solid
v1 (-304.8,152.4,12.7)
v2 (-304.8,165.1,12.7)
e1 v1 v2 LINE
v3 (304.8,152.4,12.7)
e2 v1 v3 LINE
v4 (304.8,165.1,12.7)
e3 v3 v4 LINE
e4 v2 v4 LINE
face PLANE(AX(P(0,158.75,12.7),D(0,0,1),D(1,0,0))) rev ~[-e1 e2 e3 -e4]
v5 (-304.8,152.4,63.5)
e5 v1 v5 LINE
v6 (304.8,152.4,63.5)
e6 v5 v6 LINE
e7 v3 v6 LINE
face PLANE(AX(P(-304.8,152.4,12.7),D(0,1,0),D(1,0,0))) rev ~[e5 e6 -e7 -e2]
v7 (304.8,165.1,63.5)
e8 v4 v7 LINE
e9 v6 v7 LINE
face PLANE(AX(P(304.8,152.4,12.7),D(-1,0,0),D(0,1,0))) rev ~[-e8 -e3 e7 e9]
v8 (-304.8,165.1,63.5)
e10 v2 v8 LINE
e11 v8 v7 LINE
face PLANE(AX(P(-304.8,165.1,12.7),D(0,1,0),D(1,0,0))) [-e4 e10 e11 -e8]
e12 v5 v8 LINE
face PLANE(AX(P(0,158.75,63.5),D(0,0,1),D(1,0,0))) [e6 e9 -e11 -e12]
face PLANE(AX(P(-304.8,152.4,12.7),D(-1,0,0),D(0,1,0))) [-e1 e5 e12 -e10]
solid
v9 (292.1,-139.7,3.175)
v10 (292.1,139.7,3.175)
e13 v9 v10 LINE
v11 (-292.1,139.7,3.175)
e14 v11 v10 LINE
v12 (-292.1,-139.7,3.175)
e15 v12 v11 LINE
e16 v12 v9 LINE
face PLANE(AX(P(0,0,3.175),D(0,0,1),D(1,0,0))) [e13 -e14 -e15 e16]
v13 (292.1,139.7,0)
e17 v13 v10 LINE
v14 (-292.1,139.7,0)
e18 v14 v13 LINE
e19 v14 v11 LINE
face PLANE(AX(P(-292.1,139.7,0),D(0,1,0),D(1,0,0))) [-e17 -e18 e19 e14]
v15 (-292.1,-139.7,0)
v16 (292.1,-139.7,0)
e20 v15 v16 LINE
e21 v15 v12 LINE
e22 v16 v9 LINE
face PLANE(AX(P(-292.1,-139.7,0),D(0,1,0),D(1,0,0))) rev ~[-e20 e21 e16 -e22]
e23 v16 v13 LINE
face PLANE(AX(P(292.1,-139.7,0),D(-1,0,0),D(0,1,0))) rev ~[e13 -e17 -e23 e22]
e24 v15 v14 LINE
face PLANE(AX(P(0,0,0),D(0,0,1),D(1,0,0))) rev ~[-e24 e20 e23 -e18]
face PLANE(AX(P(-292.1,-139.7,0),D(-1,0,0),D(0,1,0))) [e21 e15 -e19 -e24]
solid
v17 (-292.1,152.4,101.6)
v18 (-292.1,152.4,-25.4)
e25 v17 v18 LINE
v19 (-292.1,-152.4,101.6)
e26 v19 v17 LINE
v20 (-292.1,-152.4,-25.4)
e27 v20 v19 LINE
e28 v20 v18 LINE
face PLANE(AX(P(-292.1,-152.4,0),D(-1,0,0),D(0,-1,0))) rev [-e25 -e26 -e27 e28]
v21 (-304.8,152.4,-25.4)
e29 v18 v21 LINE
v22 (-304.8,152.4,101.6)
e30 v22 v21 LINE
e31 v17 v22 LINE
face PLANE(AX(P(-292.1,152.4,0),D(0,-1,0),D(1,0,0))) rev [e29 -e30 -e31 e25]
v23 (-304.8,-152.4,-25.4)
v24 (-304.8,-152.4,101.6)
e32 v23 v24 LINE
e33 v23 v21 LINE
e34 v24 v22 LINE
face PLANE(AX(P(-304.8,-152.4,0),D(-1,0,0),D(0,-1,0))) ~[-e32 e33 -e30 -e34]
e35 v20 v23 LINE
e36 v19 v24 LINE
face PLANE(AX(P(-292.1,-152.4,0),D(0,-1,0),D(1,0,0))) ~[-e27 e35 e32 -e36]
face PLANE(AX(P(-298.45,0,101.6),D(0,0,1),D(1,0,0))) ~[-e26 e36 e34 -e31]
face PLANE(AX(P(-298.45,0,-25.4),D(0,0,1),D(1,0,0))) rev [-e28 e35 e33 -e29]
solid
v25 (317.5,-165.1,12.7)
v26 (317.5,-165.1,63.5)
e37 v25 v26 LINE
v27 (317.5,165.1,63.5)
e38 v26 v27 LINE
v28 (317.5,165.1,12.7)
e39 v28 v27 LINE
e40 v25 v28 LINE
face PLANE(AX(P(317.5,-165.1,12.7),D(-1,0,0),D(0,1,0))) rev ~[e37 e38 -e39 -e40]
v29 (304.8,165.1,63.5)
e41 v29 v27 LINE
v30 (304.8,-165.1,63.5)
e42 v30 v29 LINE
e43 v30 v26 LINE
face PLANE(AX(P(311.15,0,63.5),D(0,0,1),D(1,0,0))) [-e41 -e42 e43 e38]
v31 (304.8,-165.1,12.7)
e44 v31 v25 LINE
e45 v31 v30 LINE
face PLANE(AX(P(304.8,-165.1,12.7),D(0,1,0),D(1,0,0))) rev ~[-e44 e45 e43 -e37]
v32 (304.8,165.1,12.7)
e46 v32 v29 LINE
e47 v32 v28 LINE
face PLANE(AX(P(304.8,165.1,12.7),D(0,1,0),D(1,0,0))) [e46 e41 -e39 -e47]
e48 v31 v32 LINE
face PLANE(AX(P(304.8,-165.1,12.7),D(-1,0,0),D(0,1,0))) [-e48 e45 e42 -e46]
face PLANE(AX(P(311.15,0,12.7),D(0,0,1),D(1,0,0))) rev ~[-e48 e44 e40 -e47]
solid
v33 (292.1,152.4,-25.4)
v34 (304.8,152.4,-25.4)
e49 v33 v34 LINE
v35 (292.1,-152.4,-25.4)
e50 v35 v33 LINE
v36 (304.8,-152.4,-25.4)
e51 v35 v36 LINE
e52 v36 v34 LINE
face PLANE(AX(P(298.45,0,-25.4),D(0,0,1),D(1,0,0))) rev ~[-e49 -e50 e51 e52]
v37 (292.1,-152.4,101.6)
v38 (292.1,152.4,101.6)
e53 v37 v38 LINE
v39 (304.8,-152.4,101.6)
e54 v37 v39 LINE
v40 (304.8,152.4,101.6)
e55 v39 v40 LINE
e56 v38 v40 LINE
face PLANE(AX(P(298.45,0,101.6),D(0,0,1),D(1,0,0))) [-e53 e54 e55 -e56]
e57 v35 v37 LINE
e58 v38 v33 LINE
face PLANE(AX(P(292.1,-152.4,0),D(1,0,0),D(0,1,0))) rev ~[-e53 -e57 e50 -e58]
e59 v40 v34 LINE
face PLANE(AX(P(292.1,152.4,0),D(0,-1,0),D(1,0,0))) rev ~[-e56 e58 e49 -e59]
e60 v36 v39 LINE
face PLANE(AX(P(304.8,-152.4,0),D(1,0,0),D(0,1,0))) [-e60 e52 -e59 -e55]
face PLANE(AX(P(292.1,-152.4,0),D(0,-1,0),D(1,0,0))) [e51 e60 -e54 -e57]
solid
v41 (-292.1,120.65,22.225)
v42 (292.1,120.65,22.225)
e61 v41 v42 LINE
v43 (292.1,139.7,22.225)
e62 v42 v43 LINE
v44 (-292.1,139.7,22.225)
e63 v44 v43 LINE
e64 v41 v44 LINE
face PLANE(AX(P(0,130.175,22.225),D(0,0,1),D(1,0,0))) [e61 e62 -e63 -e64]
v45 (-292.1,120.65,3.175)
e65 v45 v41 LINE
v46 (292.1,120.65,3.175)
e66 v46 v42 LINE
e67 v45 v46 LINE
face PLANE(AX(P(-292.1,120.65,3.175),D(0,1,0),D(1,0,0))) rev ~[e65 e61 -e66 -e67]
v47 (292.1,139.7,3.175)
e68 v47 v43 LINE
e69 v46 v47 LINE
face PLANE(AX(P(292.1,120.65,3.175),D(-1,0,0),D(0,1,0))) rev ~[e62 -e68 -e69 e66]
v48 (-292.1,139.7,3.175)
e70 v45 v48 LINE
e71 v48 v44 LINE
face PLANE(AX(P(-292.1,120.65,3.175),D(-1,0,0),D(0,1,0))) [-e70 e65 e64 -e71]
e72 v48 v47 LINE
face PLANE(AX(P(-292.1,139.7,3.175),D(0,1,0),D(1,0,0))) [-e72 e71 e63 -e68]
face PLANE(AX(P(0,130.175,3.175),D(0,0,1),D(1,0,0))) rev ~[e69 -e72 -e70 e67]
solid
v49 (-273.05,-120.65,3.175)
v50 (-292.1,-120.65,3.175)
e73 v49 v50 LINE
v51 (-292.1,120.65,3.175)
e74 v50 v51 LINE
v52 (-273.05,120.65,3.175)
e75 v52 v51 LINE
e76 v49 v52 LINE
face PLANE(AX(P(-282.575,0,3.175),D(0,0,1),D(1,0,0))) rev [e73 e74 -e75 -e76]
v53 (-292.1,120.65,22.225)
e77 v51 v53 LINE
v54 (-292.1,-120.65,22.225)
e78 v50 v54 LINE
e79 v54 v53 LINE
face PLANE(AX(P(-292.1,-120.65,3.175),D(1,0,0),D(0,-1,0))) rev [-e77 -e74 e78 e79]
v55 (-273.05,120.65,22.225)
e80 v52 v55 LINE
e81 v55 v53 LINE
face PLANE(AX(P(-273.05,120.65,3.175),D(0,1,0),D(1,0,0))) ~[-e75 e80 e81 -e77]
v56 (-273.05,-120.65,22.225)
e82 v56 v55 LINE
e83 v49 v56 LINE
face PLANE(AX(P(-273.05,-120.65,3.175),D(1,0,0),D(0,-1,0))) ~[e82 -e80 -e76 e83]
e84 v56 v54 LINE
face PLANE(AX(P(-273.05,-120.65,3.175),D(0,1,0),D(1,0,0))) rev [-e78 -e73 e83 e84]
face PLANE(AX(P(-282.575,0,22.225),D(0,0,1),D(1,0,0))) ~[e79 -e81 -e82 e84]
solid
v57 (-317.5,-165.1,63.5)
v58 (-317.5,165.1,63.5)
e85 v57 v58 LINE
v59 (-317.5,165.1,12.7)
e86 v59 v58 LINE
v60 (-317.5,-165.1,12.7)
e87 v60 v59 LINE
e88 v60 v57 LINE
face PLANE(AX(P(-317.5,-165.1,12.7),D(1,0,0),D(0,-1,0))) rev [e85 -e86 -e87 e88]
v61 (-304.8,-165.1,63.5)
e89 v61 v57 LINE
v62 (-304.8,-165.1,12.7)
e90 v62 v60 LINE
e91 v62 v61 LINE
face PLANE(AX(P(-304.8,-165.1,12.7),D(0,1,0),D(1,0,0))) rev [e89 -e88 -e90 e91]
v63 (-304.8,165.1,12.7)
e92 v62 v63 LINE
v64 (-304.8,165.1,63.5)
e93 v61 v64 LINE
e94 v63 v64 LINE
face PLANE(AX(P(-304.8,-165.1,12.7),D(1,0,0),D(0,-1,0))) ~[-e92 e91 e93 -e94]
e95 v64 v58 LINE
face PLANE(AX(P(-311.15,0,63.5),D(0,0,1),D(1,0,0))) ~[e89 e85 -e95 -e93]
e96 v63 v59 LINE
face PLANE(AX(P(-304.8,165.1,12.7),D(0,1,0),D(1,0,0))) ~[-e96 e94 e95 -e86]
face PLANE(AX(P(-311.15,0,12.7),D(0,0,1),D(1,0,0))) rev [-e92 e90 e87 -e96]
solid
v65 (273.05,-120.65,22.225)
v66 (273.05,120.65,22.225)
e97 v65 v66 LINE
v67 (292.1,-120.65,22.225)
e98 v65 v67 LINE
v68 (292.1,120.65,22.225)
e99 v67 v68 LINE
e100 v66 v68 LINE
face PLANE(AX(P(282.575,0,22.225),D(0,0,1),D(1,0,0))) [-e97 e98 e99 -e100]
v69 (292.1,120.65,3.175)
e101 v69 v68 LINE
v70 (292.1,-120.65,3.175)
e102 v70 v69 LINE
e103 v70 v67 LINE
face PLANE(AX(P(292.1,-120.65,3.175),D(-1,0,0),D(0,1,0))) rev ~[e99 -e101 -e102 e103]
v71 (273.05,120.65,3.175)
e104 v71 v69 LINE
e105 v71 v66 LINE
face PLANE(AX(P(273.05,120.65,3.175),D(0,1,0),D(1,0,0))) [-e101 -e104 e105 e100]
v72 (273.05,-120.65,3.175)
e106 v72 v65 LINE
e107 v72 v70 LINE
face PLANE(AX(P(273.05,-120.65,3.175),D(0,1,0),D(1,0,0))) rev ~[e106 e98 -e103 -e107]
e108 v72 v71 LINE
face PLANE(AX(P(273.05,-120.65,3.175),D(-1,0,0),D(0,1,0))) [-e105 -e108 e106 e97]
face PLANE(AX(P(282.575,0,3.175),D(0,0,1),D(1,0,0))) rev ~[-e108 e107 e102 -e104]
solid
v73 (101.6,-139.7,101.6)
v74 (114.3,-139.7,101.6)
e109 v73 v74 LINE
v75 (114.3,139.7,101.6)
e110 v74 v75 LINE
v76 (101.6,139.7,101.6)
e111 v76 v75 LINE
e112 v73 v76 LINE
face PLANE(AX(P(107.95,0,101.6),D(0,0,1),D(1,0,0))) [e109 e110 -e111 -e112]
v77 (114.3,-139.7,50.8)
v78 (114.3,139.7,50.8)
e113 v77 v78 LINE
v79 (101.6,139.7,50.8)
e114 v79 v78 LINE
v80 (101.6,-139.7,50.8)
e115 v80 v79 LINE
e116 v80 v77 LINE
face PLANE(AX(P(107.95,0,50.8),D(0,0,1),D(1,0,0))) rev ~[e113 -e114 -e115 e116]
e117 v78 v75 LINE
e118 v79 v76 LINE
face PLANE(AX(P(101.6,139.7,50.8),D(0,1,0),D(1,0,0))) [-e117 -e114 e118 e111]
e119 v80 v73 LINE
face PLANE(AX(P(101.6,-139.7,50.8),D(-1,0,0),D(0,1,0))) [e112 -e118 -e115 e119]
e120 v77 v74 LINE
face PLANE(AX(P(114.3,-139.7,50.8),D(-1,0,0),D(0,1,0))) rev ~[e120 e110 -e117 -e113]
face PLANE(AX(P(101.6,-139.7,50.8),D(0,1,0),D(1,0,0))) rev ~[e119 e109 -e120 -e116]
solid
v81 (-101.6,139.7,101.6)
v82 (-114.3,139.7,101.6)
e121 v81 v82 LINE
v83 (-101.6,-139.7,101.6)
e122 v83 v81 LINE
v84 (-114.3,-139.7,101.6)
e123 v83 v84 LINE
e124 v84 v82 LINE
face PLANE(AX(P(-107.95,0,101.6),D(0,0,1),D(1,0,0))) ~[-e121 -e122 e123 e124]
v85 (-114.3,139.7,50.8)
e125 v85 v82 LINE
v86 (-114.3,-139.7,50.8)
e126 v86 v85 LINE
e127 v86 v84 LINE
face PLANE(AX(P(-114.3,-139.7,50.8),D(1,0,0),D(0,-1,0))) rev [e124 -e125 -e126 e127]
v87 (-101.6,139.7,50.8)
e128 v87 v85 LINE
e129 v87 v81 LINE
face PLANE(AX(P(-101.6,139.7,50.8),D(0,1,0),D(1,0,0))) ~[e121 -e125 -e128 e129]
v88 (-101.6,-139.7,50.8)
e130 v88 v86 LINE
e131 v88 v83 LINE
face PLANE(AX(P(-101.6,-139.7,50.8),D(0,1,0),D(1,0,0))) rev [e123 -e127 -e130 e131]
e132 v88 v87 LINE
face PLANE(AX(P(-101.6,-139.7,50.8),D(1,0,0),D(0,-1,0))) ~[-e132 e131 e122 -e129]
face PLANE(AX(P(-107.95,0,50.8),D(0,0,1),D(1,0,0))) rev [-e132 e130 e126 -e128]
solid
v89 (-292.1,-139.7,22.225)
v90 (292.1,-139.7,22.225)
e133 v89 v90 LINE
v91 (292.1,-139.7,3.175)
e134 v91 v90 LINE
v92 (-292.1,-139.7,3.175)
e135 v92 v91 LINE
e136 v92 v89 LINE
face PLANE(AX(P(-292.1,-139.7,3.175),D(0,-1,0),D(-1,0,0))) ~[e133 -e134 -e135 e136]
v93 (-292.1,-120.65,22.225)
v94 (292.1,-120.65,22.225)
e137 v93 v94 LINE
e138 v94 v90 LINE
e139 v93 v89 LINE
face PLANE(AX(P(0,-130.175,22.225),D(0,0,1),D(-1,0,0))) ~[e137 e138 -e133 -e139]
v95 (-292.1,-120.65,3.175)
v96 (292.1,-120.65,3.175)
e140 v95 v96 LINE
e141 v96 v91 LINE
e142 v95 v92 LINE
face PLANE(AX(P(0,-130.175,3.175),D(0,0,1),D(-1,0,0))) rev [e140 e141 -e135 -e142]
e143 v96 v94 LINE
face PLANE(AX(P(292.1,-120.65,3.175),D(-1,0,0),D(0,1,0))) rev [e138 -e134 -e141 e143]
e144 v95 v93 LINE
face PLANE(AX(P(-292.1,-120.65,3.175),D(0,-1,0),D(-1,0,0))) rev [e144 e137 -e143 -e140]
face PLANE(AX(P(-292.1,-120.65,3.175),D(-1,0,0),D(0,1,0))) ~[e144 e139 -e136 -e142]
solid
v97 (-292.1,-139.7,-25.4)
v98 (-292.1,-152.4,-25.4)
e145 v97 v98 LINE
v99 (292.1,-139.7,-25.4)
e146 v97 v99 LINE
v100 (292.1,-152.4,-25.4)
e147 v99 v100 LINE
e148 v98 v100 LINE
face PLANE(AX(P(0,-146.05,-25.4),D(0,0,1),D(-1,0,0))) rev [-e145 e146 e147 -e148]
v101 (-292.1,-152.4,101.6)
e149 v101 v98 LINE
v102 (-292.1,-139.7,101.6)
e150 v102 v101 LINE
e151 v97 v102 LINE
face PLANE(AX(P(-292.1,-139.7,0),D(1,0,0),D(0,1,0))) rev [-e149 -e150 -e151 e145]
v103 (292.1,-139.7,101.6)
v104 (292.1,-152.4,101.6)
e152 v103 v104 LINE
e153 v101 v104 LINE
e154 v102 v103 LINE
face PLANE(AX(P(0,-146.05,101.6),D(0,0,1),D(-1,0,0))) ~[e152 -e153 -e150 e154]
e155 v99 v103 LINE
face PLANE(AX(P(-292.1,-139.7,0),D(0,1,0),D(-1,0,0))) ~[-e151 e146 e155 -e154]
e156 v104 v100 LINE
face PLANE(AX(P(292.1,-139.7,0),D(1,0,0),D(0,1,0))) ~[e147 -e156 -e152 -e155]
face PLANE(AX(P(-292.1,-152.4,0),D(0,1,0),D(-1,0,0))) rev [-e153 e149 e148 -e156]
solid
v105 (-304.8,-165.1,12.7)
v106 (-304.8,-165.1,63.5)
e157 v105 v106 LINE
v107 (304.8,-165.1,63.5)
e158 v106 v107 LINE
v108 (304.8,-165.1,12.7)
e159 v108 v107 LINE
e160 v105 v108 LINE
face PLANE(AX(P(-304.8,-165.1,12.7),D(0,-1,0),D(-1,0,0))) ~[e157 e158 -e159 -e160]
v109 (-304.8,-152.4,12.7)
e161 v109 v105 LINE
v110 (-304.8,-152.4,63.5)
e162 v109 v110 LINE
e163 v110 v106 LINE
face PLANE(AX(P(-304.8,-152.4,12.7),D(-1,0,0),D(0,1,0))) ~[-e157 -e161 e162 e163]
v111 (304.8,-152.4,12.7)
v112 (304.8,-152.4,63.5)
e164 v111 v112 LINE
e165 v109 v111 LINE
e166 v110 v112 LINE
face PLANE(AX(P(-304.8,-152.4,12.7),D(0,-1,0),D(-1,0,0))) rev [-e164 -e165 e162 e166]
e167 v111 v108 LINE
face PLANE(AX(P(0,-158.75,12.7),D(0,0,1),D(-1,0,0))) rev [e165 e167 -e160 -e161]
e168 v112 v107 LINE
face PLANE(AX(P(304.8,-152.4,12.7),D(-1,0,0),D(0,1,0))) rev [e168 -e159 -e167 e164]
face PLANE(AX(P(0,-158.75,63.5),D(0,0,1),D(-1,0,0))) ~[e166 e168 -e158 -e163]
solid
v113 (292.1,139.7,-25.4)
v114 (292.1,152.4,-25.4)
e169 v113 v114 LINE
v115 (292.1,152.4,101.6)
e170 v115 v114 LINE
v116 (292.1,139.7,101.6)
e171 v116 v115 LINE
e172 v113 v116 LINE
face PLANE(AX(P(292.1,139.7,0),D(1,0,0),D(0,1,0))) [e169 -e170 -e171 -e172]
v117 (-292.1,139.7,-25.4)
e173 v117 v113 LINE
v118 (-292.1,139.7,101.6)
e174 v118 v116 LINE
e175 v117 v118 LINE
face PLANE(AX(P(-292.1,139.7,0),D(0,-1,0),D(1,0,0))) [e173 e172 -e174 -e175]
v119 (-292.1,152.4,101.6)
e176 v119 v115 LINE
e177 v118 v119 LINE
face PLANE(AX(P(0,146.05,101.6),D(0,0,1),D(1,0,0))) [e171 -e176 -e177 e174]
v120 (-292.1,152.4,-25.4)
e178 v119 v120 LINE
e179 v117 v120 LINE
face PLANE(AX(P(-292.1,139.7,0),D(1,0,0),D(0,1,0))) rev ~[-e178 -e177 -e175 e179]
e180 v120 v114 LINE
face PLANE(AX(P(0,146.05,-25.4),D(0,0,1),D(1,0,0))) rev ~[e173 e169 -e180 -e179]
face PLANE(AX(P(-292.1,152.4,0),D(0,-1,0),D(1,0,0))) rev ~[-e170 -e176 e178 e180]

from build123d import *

# Parameters (mm, degrees)
F0_W          = 584.2
F0_H          = 279.4
F1_DEPTH      = 3.175
F2_W          = 584.2
F2_H          = 12.7
F3_DEPTH      = 101.6
F3_DEPTH_BACK = 25.4
F5_W          = 12.7
F5_H          = 304.8
F6_DEPTH      = 101.6
F6_DEPTH_BACK = 25.4
F9_START      = 12.7
F8_W          = 609.6
F8_H          = 12.7
F9_DEPTH      = 50.8
F12_START     = 12.7
F11_W         = 12.7
F11_H         = 330.2
F12_DEPTH     = 50.8
F15_START     = 50.8
F14_W         = 12.7
F14_H         = 279.4
F15_DEPTH     = 50.8
F18_START     = 3.175
F17_W         = 584.2
F17_H         = 19.05
F18_DEPTH     = 19.05
F21_START     = 3.175
F20_W         = 19.05
F20_H         = 241.3
F21_DEPTH     = 19.05


with BuildPart() as f1:
    # F0 (on Top) → F1 (new body)
    with BuildSketch(Plane.XY):
        Rectangle(F0_W, F0_H)
    extrude(amount=F1_DEPTH)


with BuildPart() as f3:
    # F2 (on Top) → F3 (new body, two sides)
    with BuildSketch(Plane.XY) as f3_sk:
        with Locations((0, 146.05)):
            Rectangle(F2_W, F2_H)
    extrude(amount=F3_DEPTH)
    extrude(f3_sk.sketch, amount=-F3_DEPTH_BACK)


with BuildPart() as f4_1:
    # F4: instance of F3
    add(f3.part.mirror(Plane.XZ))


with BuildPart() as f6:
    # F5 (on Top) → F6 (new body, two sides)
    with BuildSketch(Plane.XY) as f6_sk:
        with Locations((298.45, 0)):
            Rectangle(F5_W, F5_H)
    extrude(amount=F6_DEPTH)
    extrude(f6_sk.sketch, amount=-F6_DEPTH_BACK)


with BuildPart() as f7_1:
    # F7: instance of F6
    add(f6.part.mirror(Plane.YZ))


with BuildPart() as f9:
    # F8 (on Top) → F9 (new body)
    with BuildSketch(Plane.XY.offset(F9_START)):
        with Locations((0, 158.75)):
            Rectangle(F8_W, F8_H)
    extrude(amount=F9_DEPTH)


with BuildPart() as f10_1:
    # F10: instance of F9
    add(f9.part.mirror(Plane.XZ))


with BuildPart() as f12:
    # F11 (on Top) → F12 (new body)
    with BuildSketch(Plane.XY.offset(F12_START)):
        with Locations((311.15, 0)):
            Rectangle(F11_W, F11_H)
    extrude(amount=F12_DEPTH)


with BuildPart() as f13_1:
    # F13: instance of F12
    add(f12.part.mirror(Plane.YZ))


with BuildPart() as f15:
    # F14 (on Top) → F15 (new body)
    with BuildSketch(Plane.XY.offset(F15_START)):
        with Locations((107.95, 0)):
            Rectangle(F14_W, F14_H)
    extrude(amount=F15_DEPTH)


with BuildPart() as f16_1:
    # F16: instance of F15
    add(f15.part.mirror(Plane.YZ))


with BuildPart() as f18:
    # F17 (on Top) → F18 (new body)
    with BuildSketch(Plane.XY.offset(F18_START)):
        with Locations((0, 130.175)):
            Rectangle(F17_W, F17_H)
    extrude(amount=F18_DEPTH)


with BuildPart() as f19_1:
    # F19: instance of F18
    add(f18.part.mirror(Plane.XZ))


with BuildPart() as f21:
    # F20 (on Top) → F21 (new body)
    with BuildSketch(Plane.XY.offset(F21_START)):
        with Locations((282.575, 0)):
            Rectangle(F20_W, F20_H)
    extrude(amount=F21_DEPTH)


with BuildPart() as f22_1:
    # F22: instance of F21
    add(f21.part.mirror(Plane.YZ))


solid = Compound([f1.part, f3.part, f4_1.part, f6.part, f7_1.part, f9.part, f10_1.part, f12.part, f13_1.part, f15.part, f16_1.part, f18.part, f19_1.part, f21.part, f22_1.part])
